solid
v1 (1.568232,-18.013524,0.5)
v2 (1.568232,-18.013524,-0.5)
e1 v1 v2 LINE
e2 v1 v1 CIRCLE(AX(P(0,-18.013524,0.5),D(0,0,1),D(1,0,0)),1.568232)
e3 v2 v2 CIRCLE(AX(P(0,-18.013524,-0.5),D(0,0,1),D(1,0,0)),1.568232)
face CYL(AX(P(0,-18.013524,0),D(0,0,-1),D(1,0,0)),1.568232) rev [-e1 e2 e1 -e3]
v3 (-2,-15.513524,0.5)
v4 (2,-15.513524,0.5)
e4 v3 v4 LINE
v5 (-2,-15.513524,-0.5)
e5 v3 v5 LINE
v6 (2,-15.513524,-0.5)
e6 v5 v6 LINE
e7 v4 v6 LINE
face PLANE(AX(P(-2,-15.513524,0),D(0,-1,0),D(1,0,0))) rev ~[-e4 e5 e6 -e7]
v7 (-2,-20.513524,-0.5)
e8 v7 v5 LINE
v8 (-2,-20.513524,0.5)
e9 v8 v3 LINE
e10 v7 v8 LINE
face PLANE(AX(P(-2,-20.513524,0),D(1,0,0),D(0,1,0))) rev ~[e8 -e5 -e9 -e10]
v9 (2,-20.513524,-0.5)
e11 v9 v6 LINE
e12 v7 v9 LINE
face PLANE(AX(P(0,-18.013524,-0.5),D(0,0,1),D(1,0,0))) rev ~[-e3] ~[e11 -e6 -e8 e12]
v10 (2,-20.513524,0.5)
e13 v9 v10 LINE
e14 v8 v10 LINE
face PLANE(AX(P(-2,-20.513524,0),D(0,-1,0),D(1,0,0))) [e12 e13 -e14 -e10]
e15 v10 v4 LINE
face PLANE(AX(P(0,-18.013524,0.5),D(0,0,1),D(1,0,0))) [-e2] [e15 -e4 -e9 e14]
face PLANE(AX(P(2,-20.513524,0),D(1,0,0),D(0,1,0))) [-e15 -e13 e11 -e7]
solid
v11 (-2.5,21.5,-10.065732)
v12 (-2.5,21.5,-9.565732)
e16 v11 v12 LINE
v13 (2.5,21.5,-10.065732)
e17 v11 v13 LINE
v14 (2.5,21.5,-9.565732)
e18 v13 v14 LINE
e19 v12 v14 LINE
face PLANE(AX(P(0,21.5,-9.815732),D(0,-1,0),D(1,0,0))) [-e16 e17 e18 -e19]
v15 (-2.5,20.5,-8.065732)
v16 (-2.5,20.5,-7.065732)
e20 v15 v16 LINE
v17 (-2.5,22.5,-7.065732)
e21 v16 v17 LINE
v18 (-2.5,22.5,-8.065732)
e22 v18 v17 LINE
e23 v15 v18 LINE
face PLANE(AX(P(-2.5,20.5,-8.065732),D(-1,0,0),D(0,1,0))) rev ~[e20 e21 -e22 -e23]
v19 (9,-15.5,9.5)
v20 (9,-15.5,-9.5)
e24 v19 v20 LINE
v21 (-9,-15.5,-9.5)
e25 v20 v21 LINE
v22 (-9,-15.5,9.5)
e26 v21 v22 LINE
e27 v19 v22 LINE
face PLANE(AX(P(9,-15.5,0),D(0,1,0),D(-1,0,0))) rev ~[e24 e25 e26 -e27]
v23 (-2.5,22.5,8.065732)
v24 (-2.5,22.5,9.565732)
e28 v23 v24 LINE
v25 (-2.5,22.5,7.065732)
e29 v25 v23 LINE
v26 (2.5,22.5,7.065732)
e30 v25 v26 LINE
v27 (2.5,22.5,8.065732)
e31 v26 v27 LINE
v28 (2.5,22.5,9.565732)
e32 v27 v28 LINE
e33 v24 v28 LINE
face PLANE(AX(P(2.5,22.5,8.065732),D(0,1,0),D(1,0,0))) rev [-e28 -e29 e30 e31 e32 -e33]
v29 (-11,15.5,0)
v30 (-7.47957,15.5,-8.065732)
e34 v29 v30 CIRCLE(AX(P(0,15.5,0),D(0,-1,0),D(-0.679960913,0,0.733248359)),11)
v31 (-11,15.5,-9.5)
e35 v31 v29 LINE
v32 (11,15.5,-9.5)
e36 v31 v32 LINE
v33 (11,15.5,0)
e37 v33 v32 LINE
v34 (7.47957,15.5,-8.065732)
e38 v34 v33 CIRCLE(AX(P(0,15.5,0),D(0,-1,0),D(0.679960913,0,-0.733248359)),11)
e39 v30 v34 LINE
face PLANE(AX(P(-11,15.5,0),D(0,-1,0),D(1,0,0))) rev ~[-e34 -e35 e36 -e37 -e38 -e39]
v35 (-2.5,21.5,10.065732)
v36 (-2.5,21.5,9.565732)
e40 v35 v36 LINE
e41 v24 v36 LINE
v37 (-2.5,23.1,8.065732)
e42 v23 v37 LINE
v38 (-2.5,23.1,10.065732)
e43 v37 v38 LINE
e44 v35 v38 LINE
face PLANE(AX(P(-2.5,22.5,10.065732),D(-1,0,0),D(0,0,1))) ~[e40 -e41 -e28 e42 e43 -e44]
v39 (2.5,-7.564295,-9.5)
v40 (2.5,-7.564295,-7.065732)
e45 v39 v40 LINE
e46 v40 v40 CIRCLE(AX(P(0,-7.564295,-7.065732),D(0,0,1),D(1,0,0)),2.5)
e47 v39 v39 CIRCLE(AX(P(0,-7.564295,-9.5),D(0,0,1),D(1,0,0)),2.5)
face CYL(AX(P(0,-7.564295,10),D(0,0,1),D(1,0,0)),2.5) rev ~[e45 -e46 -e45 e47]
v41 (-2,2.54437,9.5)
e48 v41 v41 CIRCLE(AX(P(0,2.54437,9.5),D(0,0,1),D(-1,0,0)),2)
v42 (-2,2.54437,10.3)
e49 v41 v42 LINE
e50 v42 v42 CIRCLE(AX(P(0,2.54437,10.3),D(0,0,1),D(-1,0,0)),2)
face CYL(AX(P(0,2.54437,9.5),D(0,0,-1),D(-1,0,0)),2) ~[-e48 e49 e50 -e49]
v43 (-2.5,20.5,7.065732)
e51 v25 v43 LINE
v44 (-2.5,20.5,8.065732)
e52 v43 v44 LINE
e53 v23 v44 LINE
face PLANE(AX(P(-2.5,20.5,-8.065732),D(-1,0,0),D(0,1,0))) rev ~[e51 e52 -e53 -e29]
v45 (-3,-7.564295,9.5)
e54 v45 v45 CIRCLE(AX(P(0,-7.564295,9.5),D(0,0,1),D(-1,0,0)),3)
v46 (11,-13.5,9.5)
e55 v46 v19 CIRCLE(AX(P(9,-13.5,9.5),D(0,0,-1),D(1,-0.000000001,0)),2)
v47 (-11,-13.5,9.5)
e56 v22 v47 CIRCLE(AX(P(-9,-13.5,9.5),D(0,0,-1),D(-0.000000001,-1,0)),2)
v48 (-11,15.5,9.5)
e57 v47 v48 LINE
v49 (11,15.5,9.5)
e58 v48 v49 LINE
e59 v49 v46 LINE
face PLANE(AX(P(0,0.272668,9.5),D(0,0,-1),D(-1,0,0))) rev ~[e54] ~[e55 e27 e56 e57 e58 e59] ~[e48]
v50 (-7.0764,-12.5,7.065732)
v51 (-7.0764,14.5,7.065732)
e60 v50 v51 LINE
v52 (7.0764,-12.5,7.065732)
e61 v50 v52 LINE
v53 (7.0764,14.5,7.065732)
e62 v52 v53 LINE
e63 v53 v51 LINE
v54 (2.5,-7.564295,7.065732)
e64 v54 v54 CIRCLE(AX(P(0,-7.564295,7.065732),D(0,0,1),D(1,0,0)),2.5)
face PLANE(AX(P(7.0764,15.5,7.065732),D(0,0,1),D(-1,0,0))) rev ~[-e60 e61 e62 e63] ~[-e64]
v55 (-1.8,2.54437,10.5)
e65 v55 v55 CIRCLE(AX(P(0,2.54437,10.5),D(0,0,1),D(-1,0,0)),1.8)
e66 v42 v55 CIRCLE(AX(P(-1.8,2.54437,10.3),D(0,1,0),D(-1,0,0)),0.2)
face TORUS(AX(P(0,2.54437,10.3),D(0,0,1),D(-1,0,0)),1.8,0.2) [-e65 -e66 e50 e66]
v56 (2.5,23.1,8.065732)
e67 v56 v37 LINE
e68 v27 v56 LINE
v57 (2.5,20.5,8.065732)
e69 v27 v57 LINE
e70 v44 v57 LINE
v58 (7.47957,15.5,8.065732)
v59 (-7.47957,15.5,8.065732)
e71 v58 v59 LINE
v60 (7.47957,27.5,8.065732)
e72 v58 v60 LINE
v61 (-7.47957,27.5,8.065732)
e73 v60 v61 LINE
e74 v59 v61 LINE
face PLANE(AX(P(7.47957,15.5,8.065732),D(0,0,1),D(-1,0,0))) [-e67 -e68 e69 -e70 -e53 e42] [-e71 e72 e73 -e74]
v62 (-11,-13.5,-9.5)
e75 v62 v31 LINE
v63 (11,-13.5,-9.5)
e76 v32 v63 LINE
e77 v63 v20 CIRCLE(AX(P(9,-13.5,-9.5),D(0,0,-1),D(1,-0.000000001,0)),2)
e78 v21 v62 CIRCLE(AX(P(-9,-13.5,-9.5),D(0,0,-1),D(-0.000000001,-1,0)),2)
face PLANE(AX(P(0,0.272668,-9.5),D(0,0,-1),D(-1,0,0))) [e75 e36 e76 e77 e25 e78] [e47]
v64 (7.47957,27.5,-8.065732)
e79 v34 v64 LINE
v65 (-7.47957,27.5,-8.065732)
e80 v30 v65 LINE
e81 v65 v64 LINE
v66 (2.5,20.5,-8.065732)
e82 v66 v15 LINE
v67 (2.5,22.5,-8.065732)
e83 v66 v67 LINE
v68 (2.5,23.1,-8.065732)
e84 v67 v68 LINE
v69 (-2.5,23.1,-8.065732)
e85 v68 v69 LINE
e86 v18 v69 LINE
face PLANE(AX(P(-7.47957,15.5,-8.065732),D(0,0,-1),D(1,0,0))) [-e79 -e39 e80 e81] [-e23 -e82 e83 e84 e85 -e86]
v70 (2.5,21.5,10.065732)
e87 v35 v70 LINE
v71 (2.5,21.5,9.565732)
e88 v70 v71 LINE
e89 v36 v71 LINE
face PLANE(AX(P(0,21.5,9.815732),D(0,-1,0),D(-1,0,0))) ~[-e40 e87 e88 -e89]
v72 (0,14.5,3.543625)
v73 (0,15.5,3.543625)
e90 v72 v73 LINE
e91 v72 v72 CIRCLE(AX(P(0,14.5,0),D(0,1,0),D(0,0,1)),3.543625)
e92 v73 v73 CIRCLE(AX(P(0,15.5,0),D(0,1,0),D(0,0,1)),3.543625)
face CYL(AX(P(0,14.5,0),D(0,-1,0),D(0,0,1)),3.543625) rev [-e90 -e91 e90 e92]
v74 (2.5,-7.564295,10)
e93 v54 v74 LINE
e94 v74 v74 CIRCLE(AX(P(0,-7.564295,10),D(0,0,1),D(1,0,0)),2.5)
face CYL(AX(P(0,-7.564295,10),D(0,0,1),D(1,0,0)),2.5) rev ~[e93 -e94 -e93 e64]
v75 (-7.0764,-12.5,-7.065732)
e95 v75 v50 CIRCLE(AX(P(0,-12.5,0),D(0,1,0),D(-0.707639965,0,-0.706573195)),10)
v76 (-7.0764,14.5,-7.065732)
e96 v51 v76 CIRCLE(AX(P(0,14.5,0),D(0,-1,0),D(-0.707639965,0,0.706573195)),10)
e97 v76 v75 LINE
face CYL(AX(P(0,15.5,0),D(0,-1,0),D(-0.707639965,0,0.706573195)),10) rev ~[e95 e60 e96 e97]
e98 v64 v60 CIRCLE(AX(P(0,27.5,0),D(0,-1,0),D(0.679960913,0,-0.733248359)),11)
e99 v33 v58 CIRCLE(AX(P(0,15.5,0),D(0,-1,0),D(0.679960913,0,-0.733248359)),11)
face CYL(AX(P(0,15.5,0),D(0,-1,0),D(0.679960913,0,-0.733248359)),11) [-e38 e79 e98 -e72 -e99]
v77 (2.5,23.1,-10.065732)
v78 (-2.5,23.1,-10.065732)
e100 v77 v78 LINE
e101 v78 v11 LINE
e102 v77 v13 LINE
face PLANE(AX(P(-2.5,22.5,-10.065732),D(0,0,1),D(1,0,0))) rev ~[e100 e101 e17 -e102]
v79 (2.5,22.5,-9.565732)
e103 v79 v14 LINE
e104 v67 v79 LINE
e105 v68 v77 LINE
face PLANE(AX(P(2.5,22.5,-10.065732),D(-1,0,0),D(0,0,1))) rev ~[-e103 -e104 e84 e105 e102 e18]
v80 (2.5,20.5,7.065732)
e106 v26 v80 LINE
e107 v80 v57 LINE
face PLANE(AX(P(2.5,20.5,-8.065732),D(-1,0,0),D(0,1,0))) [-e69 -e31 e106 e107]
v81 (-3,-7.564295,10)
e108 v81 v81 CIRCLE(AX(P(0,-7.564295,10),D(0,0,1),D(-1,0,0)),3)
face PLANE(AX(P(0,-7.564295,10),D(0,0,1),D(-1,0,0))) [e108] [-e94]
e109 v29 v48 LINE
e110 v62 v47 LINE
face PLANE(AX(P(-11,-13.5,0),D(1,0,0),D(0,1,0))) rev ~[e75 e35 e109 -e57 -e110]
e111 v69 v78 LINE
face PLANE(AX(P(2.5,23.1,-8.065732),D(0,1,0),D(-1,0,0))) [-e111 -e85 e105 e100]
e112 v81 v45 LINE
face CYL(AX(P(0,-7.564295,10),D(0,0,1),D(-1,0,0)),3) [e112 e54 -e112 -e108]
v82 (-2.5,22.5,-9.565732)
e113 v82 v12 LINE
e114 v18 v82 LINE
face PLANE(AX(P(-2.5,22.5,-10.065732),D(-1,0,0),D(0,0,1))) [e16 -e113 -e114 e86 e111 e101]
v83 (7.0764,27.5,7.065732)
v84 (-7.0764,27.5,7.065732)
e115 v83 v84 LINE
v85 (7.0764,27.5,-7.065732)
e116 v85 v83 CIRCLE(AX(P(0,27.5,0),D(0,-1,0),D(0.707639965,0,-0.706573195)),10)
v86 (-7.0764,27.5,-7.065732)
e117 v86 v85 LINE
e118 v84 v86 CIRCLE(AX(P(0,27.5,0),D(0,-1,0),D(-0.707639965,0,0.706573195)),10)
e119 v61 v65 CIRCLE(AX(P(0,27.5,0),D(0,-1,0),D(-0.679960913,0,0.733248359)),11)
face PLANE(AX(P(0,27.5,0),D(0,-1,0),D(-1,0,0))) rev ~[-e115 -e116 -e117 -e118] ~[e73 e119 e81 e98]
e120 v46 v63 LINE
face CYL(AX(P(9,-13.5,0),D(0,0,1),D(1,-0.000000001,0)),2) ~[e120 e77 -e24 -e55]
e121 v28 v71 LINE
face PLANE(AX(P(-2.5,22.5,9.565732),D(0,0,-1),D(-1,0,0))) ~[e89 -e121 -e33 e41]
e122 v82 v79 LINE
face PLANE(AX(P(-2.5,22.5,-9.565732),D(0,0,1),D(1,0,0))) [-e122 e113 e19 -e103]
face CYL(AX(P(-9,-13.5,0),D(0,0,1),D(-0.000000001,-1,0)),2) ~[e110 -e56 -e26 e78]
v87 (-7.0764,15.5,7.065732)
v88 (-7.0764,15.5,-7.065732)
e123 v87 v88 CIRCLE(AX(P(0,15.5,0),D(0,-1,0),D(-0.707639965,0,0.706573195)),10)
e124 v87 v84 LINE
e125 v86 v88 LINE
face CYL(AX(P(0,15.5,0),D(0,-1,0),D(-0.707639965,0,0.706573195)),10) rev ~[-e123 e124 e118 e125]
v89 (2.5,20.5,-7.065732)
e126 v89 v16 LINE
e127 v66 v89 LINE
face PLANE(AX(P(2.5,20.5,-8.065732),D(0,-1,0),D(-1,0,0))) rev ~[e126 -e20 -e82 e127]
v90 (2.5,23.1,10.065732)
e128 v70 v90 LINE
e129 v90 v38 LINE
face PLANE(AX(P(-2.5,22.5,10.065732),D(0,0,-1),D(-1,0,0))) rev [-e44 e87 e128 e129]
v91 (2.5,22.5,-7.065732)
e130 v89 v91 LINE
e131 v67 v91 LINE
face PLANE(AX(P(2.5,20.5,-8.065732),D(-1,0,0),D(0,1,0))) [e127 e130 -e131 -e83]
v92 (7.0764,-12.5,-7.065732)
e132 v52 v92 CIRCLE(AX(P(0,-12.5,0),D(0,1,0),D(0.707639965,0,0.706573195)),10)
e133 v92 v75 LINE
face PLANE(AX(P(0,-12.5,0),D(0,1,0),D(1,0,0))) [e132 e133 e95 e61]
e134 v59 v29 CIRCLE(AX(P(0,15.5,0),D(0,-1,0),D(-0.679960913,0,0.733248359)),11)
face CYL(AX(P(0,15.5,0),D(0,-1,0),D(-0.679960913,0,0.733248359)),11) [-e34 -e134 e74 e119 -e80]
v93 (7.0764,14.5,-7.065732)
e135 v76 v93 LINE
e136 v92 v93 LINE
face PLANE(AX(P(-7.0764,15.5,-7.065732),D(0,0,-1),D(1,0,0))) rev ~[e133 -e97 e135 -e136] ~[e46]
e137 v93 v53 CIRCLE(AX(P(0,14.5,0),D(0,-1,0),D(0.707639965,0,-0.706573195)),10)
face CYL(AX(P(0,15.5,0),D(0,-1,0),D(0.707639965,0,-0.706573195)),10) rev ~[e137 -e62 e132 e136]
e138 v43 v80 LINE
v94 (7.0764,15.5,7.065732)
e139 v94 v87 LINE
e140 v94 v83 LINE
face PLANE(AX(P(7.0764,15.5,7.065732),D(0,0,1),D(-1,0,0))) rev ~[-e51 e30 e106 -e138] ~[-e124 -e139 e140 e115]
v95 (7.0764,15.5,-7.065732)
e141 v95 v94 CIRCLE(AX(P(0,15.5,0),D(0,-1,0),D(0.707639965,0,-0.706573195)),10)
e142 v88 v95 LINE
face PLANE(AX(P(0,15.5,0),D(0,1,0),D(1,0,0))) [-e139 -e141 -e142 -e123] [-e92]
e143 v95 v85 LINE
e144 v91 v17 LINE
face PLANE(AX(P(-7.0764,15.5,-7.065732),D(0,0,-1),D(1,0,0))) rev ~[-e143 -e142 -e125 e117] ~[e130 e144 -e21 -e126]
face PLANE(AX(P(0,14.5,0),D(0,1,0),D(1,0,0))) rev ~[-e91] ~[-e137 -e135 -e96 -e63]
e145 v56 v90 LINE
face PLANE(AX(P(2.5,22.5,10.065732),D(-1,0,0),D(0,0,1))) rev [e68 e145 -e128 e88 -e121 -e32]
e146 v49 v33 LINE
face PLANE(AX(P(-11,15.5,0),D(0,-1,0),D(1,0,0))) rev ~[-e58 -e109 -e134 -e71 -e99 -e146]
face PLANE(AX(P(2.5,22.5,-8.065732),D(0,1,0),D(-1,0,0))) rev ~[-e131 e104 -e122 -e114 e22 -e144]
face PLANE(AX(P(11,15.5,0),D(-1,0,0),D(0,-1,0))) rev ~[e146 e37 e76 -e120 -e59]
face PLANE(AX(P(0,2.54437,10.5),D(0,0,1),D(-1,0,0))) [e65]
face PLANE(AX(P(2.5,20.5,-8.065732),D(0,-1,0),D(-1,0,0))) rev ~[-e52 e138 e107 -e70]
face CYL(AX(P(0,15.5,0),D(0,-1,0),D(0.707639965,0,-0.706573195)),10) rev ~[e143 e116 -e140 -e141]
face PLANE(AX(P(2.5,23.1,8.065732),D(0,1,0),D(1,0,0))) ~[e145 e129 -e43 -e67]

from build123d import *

# Parameters (mm, degrees)
BOSS_EXTRUDE1_DEPTH = 9.5
SKETCH3_W           = 4
SKETCH3_H           = 5
SKETCH3_R           = 1.568232158
BOSS_EXTRUDE2_DEPTH = 0.5
BOSS_EXTRUDE3_DEPTH = 12
SKETCH5_W           = 5
SKETCH5_H           = 2
CUT_EXTRUDE1_DEPTH  = 35.435518568
SKETCH6_R           = 2.5
CUT_EXTRUDE2_DEPTH  = 36.18877662
BOSS_EXTRUDE4_START = 0.5
SKETCH7_R           = 3
SKETCH7_R_2         = 2.5
BOSS_EXTRUDE4_DEPTH = 0.5
SKETCH8_R           = 2
BOSS_EXTRUDE5_DEPTH = 1
FILLET1_R           = 0.2
CUT_EXTRUDE3_START  = -28
CUT_EXTRUDE3_DEPTH  = 28
BOSS_EXTRUDE6_START = -1
SKETCH10_R          = 3.543625457
BOSS_EXTRUDE6_DEPTH = 1
SKETCH11_W          = 5
SKETCH11_H          = 0.6
BOSS_EXTRUDE7_DEPTH = 2
SKETCH12_W          = 5
SKETCH12_H          = 0.5
BOSS_EXTRUDE8_DEPTH = 1


with BuildPart() as part:
    # Sketch2 → Boss-Extrude1 (new, symmetric)
    with BuildSketch(Plane.XY):
        with BuildLine():
            Line((-11, 15.5), (11, 15.5))
            Line((11, 15.5), (11, -13.5))
            ThreePointArc((11, -13.5), (10.414213562, -14.914213562), (9, -15.5))
            Line((9, -15.5), (-9, -15.5))
            ThreePointArc((-9, -15.5), (-10.414213562, -14.914213562), (-11, -13.5))
            Line((-11, -13.5), (-11, 15.5))
        make_face()
    extrude(amount=BOSS_EXTRUDE1_DEPTH, both=True)

    # Sketch4 → Boss-Extrude3 (add)
    with BuildSketch(Plane(origin=(0, 15.5, 0), x_dir=(1, 0, 0), z_dir=(0, 1, 0))):
        with BuildLine():
            Line((-7.479570046, 8.065731953), (7.479570046, 8.065731953))
            ThreePointArc((7.479570046, 8.065731953), (11, 0), (7.479570046, -8.065731953))
            Line((7.479570046, -8.065731953), (-7.479570046, -8.065731953))
            ThreePointArc((-7.479570046, -8.065731953), (-11, 0), (-7.479570046, 8.065731953))
        make_face()
        with BuildLine():
            Line((-7.076399648, 7.065731953), (7.076399648, 7.065731953))
            ThreePointArc((7.076399648, 7.065731953), (10, 0), (7.076399648, -7.065731953))
            Line((7.076399648, -7.065731953), (-7.076399648, -7.065731953))
            ThreePointArc((-7.076399648, -7.065731953), (-10, 0), (-7.076399648, 7.065731953))
        make_face(mode=Mode.SUBTRACT)
    extrude(amount=BOSS_EXTRUDE3_DEPTH)

    # Sketch5 → Cut-Extrude1 (cut, through all)
    with BuildSketch(Plane(origin=(0, 0, -8.065731953), x_dir=(-1, 0, 0), z_dir=(0, 0, -1))):
        with Locations((0, 21.5)):
            Rectangle(SKETCH5_W, SKETCH5_H)
    extrude(amount=-CUT_EXTRUDE1_DEPTH, mode=Mode.SUBTRACT)

    # Sketch6 → Cut-Extrude2 (cut, through all)
    with BuildSketch(Plane.XY.offset(9.5)):
        with Locations((0, -7.564295089)):
            Circle(SKETCH6_R)
    extrude(amount=-CUT_EXTRUDE2_DEPTH, mode=Mode.SUBTRACT)

    # Sketch7 → Boss-Extrude4 (add)
    with BuildSketch(Plane.XY.offset(9.5).offset(BOSS_EXTRUDE4_START)):
        with Locations(Location((0, -7.564295089, 0), (0, 0, 180))):
            Circle(SKETCH7_R)
        with Locations((0, -7.564295089)):
            Circle(SKETCH7_R_2, mode=Mode.SUBTRACT)
    extrude(amount=-BOSS_EXTRUDE4_DEPTH)

    # Sketch8 → Boss-Extrude5 (add)
    with BuildSketch(Plane.XY.offset(9.5)):
        with Locations(Location((0, 2.544370002, 0), (0, 0, 180))):
            Circle(SKETCH8_R)
    extrude(amount=BOSS_EXTRUDE5_DEPTH)

    # Fillet1
    fillet1_edges = [part.edges().sort_by_distance(p)[0] for p in [
        (2, 2.544370002, 10.5),
    ]]
    fillet(fillet1_edges, radius=FILLET1_R)

    # Sketch9 → Cut-Extrude3 (cut)
    with BuildSketch(Plane(origin=(0, 15.5, 0), x_dir=(1, 0, 0), z_dir=(0, 1, 0)).offset(CUT_EXTRUDE3_START)):
        with BuildLine():
            Line((7.076399648, 7.065731953), (-7.076399648, 7.065731953))
            ThreePointArc((-7.076399648, 7.065731953), (-10, 0), (-7.076399648, -7.065731953))
            Line((-7.076399648, -7.065731953), (7.076399648, -7.065731953))
            ThreePointArc((7.076399648, -7.065731953), (10, 0), (7.076399648, 7.065731953))
        make_face()
    extrude(amount=CUT_EXTRUDE3_DEPTH, mode=Mode.SUBTRACT)

    # Sketch10 → Boss-Extrude6 (add)
    with BuildSketch(Plane(origin=(0, 15.5, 0), x_dir=(1, 0, 0), z_dir=(0, 1, 0)).offset(BOSS_EXTRUDE6_START)):
        with BuildLine():
            Line((7.479570046, 8.065731953), (-7.479570046, 8.065731953))
            ThreePointArc((-7.479570046, 8.065731953), (-10.081549249, 4.400268713), (-11, 0))
            ThreePointArc((-11, 0), (-10.081549249, -4.400268713), (-7.479570046, -8.065731953))
            Line((-7.479570046, -8.065731953), (7.479570046, -8.065731953))
            ThreePointArc((7.479570046, -8.065731953), (10.081549249, -4.400268713), (11, 0))
            ThreePointArc((11, 0), (10.081549249, 4.400268713), (7.479570046, 8.065731953))
        make_face()
        with Locations(Location((0, 0, 0), (0, 0, 270))):
            Circle(SKETCH10_R, mode=Mode.SUBTRACT)
    extrude(amount=BOSS_EXTRUDE6_DEPTH)

    # Sketch11 → Boss-Extrude7 (add)
    with BuildSketch(Plane(origin=(0, 0, -8.065731953), x_dir=(-1, 0, 0), z_dir=(0, 0, -1))):
        with Locations((0, 22.8)):
            Rectangle(SKETCH11_W, SKETCH11_H)
    boss_extrude7 = extrude(amount=BOSS_EXTRUDE7_DEPTH)

    # Sketch12 → Boss-Extrude8 (add)
    with BuildSketch(Plane.XZ.offset(-22.5)):
        with Locations((0, -9.815731953)):
            Rectangle(SKETCH12_W, SKETCH12_H)
    boss_extrude8 = extrude(amount=BOSS_EXTRUDE8_DEPTH)

    # Mirror1: Boss-Extrude7, Boss-Extrude8 across plane
    add(boss_extrude7.mirror(Plane.XY))
    add(boss_extrude8.mirror(Plane.XY))


with BuildPart() as body_2:
    # Sketch3 → Boss-Extrude2 (new, symmetric)
    with BuildSketch(Plane.XY):
        with Locations((0, -18.013524238)):
            Rectangle(SKETCH3_W, SKETCH3_H)
        with Locations((0, -18.013524238)):
            Circle(SKETCH3_R, mode=Mode.SUBTRACT)
    extrude(amount=BOSS_EXTRUDE2_DEPTH, both=True)


solid = Compound([part.part, body_2.part])
